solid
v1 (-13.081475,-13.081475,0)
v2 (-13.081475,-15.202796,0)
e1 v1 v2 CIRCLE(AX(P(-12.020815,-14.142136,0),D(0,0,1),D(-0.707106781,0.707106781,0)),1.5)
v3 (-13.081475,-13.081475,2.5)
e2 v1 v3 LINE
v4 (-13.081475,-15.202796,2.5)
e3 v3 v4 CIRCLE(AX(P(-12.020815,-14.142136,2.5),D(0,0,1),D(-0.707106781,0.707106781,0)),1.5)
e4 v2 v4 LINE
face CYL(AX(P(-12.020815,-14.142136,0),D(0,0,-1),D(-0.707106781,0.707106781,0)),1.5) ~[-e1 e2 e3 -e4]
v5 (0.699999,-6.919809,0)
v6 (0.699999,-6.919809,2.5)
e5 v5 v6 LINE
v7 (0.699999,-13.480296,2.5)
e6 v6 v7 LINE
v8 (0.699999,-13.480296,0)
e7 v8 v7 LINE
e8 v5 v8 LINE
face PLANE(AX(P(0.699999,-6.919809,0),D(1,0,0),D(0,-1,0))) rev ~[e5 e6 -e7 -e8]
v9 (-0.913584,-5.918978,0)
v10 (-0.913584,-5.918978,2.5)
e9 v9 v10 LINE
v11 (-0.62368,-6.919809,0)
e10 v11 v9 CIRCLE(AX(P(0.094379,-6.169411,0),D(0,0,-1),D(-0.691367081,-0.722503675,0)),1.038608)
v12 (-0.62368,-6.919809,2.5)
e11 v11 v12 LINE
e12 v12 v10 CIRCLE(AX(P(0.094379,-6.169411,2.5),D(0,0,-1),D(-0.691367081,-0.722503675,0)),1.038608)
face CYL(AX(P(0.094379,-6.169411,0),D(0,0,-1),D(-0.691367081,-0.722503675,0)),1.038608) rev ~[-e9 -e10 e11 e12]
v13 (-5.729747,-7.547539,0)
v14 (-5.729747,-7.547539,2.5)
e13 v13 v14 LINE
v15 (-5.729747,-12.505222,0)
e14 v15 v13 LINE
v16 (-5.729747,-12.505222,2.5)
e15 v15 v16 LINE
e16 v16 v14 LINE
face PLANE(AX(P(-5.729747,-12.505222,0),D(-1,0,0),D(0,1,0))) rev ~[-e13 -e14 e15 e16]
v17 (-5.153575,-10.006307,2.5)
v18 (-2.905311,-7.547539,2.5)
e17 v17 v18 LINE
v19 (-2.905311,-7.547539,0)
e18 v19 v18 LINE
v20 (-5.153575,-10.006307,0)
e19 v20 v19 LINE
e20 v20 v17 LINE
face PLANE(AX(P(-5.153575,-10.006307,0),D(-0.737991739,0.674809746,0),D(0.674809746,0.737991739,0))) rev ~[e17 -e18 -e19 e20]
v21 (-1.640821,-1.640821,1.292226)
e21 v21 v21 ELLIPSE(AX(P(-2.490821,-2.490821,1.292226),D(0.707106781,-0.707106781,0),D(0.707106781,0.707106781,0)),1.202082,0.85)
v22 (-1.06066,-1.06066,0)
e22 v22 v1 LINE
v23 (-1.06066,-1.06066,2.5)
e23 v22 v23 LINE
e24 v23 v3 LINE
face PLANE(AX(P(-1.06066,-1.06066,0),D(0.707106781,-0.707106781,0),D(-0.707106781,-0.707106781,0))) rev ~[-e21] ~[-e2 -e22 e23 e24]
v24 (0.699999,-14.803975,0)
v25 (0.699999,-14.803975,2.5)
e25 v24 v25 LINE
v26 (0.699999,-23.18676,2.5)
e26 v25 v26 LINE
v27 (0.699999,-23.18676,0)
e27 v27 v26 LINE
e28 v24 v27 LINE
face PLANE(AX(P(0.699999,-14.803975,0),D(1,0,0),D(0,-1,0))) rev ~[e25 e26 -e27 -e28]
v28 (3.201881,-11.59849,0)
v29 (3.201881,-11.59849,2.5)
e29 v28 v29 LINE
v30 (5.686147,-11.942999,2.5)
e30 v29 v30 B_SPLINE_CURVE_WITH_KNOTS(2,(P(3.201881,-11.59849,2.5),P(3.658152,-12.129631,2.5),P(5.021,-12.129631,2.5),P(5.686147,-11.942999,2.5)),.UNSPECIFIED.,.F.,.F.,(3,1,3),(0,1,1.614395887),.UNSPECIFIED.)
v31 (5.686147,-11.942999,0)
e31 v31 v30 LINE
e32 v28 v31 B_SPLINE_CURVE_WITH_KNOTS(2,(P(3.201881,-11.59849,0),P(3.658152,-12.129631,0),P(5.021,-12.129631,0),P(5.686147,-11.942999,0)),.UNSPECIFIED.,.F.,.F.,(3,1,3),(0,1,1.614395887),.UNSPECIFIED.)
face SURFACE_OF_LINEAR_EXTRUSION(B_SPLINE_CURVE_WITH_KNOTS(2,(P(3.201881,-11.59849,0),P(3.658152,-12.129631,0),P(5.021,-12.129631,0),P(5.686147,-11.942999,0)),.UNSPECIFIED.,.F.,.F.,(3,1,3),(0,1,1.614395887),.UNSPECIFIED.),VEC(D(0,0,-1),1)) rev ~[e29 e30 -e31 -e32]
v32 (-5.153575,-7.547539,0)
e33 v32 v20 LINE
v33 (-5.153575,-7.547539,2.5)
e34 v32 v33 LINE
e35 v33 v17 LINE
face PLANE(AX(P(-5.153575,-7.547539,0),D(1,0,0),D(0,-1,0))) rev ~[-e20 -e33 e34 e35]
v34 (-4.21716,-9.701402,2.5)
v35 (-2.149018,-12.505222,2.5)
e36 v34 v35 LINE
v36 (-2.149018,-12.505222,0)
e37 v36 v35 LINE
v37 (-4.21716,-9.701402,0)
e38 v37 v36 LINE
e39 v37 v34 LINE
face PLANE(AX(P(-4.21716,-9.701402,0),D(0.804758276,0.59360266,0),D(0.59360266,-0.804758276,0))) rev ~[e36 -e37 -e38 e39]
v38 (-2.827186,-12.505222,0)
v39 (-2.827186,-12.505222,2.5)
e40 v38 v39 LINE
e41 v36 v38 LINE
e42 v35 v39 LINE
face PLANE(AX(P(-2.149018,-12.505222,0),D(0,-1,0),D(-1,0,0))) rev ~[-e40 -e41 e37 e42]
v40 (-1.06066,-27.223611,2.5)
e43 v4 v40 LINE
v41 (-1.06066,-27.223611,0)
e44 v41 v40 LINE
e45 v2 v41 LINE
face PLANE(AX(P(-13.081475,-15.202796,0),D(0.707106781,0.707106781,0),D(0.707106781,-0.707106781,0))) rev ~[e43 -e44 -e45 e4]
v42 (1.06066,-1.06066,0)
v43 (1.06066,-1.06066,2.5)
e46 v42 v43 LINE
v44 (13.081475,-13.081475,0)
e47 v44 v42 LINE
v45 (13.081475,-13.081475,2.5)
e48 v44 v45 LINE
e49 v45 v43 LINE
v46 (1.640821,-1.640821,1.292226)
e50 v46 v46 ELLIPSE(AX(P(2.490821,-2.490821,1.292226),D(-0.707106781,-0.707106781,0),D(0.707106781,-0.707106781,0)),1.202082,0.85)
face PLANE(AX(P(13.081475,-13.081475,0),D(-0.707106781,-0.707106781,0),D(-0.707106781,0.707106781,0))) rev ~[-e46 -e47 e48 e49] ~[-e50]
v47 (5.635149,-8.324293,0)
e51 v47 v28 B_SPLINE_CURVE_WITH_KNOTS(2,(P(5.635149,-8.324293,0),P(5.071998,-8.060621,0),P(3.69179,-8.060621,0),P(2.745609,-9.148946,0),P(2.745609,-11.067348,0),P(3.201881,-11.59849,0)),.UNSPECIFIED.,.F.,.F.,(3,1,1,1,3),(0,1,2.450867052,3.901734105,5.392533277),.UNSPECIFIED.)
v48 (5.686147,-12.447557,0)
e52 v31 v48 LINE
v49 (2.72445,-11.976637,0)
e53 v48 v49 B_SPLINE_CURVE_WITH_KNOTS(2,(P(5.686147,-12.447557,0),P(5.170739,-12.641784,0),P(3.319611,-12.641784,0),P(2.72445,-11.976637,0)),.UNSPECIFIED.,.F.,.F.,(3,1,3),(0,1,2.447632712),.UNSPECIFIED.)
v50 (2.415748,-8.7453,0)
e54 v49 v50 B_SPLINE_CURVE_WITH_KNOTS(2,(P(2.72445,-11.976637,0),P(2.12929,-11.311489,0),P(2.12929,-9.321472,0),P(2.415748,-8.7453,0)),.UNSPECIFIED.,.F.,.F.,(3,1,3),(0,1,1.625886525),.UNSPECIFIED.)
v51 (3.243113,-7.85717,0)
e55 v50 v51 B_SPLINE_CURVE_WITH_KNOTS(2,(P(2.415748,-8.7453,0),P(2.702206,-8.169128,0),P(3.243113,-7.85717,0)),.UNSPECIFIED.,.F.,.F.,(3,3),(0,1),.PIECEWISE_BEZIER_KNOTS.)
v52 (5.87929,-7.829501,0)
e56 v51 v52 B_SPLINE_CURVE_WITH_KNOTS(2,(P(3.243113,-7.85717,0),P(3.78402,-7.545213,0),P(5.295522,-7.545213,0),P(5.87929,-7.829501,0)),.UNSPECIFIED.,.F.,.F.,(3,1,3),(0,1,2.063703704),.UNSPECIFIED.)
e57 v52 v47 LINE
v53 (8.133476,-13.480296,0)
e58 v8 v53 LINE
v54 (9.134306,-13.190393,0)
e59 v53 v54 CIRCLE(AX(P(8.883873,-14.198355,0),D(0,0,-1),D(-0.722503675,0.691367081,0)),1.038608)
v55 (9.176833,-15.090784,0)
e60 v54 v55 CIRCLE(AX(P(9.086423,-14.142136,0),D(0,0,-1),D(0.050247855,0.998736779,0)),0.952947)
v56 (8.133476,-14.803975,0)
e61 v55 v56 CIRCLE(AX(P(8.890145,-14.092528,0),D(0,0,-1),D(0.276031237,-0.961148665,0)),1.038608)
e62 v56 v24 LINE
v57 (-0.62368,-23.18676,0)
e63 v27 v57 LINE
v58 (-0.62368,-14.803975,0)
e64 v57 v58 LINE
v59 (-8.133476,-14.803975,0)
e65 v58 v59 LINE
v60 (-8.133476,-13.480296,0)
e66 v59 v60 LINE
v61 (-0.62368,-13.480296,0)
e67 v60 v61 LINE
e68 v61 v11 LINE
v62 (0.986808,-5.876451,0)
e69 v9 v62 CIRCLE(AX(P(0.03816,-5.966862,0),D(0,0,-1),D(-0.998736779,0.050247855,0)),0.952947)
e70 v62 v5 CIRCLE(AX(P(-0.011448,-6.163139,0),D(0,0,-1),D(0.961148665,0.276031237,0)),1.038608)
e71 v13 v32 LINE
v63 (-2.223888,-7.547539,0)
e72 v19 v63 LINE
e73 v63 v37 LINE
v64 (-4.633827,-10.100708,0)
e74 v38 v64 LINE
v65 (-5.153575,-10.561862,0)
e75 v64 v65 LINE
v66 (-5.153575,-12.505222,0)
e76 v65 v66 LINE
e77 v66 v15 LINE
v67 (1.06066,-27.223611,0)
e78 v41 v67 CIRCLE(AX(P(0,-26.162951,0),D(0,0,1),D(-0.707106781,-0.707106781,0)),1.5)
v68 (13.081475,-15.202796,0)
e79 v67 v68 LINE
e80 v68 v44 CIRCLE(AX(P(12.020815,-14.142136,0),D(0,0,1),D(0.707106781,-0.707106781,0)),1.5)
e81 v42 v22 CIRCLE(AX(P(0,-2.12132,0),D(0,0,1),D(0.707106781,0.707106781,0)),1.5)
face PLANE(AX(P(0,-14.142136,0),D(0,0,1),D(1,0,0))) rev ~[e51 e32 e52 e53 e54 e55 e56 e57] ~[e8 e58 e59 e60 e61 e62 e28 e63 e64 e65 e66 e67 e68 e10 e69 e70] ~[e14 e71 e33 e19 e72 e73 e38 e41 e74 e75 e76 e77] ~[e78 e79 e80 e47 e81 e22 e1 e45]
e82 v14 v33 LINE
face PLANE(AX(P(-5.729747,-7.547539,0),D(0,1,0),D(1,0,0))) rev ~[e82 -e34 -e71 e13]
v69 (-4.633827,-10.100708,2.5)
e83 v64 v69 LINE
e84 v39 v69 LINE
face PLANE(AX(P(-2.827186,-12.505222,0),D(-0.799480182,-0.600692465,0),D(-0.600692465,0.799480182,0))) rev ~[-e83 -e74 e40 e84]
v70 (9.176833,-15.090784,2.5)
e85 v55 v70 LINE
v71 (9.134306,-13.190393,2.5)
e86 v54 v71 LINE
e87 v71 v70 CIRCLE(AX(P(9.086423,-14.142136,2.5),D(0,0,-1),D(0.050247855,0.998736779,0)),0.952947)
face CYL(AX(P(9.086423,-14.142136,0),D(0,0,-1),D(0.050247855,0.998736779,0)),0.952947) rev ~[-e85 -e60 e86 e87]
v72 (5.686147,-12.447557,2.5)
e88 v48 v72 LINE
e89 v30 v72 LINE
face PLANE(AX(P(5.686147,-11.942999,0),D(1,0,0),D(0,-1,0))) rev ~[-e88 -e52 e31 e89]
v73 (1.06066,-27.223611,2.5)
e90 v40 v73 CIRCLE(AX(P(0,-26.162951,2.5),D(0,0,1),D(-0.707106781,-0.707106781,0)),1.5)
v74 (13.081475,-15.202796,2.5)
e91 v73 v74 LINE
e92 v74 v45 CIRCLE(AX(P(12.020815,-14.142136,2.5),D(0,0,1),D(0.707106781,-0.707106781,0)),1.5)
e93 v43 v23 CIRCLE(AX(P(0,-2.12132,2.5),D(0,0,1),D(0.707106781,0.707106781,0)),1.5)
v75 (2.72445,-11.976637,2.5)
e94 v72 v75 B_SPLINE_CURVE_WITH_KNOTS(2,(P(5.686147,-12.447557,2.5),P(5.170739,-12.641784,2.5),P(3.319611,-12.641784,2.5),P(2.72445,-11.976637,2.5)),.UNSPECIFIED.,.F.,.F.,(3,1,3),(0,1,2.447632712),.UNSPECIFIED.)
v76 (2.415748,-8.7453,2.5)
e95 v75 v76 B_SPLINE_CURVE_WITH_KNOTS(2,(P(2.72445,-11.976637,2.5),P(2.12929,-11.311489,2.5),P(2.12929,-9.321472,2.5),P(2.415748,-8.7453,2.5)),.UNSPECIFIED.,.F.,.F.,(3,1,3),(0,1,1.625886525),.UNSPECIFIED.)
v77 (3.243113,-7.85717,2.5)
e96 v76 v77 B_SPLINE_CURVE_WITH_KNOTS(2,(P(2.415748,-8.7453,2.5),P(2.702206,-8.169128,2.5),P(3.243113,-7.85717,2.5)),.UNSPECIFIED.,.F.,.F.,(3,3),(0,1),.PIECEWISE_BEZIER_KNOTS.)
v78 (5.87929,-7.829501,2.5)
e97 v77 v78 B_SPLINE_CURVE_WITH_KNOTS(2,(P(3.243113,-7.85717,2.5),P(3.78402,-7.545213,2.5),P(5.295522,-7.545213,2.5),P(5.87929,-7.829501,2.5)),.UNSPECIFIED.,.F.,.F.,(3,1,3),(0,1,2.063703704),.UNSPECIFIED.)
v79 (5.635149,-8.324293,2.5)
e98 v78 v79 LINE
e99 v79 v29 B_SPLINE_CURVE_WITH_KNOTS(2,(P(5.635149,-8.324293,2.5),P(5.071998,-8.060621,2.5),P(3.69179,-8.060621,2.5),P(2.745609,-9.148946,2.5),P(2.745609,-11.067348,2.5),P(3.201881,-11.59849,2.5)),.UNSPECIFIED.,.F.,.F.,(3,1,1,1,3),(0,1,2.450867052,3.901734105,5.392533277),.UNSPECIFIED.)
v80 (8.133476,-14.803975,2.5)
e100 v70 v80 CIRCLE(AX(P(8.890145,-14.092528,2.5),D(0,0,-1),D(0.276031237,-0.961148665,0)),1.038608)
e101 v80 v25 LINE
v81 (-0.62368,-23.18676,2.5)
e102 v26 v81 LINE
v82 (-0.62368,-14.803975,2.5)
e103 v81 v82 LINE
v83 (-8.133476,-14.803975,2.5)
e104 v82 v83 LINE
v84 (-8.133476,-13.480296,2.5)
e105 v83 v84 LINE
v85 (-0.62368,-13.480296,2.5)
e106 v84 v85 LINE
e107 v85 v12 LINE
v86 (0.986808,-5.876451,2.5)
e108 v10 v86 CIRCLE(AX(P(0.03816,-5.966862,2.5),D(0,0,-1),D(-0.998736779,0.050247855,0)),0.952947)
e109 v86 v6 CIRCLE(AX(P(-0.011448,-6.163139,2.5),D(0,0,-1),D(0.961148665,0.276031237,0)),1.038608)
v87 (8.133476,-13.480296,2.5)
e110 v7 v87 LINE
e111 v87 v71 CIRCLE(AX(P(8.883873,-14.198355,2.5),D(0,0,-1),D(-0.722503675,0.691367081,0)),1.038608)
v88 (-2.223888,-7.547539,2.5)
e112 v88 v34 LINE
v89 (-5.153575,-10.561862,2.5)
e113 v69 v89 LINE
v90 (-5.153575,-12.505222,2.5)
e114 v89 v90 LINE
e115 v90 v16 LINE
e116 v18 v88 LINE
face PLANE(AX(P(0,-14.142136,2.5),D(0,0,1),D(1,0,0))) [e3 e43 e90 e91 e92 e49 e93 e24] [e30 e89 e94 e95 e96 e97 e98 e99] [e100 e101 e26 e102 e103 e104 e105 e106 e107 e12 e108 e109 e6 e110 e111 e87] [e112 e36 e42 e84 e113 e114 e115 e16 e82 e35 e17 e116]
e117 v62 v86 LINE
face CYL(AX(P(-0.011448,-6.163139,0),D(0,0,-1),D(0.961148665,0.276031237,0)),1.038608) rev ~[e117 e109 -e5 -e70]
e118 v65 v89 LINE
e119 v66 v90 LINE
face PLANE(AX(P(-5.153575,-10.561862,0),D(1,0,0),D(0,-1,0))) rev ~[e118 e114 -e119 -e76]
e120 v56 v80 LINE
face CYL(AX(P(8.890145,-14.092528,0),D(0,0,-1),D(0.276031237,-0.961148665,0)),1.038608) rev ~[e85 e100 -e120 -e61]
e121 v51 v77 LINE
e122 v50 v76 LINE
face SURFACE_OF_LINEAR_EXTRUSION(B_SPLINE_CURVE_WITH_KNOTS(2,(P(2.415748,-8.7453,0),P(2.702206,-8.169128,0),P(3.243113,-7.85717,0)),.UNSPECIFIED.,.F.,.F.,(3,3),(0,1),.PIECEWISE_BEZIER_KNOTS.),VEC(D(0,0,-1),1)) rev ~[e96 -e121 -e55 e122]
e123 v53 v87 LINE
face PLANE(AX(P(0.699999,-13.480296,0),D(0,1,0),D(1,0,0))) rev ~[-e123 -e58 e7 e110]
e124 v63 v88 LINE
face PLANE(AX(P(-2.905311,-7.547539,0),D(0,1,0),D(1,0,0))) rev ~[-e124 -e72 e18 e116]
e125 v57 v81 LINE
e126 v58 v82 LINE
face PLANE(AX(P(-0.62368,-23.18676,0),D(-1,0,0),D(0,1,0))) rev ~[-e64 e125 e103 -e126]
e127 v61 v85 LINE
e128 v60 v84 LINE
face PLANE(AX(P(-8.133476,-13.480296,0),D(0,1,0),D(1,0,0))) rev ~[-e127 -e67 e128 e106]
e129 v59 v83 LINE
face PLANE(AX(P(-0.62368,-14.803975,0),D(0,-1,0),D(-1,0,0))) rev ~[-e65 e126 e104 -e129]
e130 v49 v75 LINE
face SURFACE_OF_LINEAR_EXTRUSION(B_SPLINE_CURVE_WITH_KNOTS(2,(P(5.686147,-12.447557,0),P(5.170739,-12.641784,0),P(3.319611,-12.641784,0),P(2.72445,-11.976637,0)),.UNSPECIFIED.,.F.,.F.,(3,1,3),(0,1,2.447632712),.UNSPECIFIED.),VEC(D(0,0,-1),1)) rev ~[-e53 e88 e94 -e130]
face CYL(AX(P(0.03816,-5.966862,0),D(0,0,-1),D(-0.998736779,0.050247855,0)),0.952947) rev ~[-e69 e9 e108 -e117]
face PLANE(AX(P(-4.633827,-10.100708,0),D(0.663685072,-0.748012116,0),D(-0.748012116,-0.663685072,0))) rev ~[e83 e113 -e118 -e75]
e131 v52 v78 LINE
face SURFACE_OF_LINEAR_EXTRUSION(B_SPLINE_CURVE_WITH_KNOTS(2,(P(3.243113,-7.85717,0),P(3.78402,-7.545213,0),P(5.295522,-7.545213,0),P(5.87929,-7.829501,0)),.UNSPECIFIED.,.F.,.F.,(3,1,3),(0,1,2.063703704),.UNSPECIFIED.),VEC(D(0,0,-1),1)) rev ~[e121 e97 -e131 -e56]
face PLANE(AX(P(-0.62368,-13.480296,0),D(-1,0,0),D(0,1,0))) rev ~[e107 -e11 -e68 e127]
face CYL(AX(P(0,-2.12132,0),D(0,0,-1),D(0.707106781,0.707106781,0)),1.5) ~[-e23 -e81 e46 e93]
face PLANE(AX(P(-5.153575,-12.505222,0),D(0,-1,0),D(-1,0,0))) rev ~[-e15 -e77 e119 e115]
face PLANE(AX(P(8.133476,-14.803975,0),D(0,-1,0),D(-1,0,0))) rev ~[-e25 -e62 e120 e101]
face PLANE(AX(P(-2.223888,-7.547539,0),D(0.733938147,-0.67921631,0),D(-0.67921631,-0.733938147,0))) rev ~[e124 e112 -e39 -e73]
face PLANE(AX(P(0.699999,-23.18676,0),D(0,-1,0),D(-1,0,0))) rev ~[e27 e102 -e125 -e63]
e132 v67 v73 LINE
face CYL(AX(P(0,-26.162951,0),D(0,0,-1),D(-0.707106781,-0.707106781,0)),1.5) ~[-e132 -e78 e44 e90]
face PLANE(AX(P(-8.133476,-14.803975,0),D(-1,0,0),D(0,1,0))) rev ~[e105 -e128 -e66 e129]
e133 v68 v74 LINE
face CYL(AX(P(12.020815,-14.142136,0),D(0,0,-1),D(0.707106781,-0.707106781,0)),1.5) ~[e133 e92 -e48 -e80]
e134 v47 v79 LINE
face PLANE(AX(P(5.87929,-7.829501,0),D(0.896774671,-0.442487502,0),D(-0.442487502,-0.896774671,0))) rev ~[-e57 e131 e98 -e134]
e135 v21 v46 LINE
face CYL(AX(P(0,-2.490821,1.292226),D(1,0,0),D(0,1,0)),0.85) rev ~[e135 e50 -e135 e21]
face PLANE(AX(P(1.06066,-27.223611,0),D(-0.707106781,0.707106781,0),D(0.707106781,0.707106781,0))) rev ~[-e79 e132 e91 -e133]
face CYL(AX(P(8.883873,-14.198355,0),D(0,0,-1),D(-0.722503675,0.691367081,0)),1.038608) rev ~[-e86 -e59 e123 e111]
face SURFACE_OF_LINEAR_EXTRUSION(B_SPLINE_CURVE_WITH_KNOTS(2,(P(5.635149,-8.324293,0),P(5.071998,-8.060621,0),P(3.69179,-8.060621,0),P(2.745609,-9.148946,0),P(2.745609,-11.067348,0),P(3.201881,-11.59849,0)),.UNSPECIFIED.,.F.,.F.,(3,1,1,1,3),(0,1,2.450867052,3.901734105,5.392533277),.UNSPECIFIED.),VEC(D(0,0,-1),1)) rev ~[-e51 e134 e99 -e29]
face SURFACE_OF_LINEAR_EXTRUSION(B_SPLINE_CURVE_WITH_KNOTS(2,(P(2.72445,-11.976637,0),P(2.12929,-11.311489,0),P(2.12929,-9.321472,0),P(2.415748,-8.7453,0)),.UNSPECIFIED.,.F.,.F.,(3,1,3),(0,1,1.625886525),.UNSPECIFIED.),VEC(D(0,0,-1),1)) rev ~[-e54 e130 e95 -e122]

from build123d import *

# Parameters (mm, degrees)
F1_DEPTH = 2.5
F2_R     = 0.85
F3_DEPTH = 12.5


with BuildPart() as f1:
    # F0 (on Top) → F1 (new body)
    with BuildSketch(Plane.XY):
        with BuildLine():
            Line((13.081475452, -13.081475452), (1.0606601718, -1.0606601718))
            ThreePointArc((1.0606601718, -1.0606601718), (0, -0.6213203436), (-1.0606601718, -1.0606601718))
            Line((-1.0606601718, -1.0606601718), (-13.081475452, -13.081475452))
            ThreePointArc((-13.081475452, -13.081475452), (-13.5208152802, -14.1421356237), (-13.081475452, -15.2027957955))
            Line((-13.081475452, -15.2027957955), (-1.0606601718, -27.2236110757))
            ThreePointArc((-1.0606601718, -27.2236110757), (0, -27.6629509039), (1.0606601718, -27.2236110757))
            Line((1.0606601718, -27.2236110757), (13.081475452, -15.2027957955))
            ThreePointArc((13.081475452, -15.2027957955), (13.5208152802, -14.1421356237), (13.081475452, -13.081475452))
        make_face()
        Polygon((-4.2171601703, -9.7014023136), (-2.1490178092, -12.505221758), (-2.8271862119, -12.505221758), (-4.6338268369, -10.1007078691), (-5.1535751008, -10.561862383), (-5.1535751008, -12.505221758), (-5.7297469758, -12.505221758), (-5.7297469758, -7.5475394664), (-5.1535751008, -7.5475394664), (-5.1535751008, -10.0063068275), (-2.9053112119, -7.5475394664), (-2.2238876008, -7.5475394664), align=None, mode=Mode.SUBTRACT)
        with BuildLine():
            Line((-8.1334756687, -14.8039748892), (-8.1334756687, -13.4802963582))
            Line((-8.1334756687, -13.4802963582), (-0.6236797201, -13.4802963582))
            Line((-0.6236797201, -13.4802963582), (-0.6236797201, -6.9198086858))
            ThreePointArc((-0.6236797201, -6.9198086858), (-0.9032194318, -6.4583786209), (-0.9135835525, -5.9189782686))
            ThreePointArc((-0.9135835525, -5.9189782686), (0.0168397474, -5.0141534426), (0.9868078824, -5.876451129))
            ThreePointArc((0.9868078824, -5.876451129), (0.9900106564, -6.4384308628), (0.6999988109, -6.9198086858))
            Line((0.6999988109, -6.9198086858), (0.6999988109, -13.4802963582))
            Line((0.6999988109, -13.4802963582), (8.1334756687, -13.4802963582))
            ThreePointArc((8.1334756687, -13.4802963582), (8.5949057336, -13.2007566465), (9.134306086, -13.1903925258))
            ThreePointArc((9.134306086, -13.1903925258), (10.0391309119, -14.1208158258), (9.1768332255, -15.0907839607))
            ThreePointArc((9.1768332255, -15.0907839607), (8.6148534917, -15.0939867347), (8.1334756687, -14.8039748892))
            Line((8.1334756687, -14.8039748892), (0.6999988109, -14.8039748892))
            Line((0.6999988109, -14.8039748892), (0.6999988109, -23.1867600232))
            Line((0.6999988109, -23.1867600232), (-0.6236797201, -23.1867600232))
            Line((-0.6236797201, -23.1867600232), (-0.6236797201, -14.8039748892))
            Line((-0.6236797201, -14.8039748892), (-8.1334756687, -14.8039748892))
        make_face(mode=Mode.SUBTRACT)
        with BuildLine():
            add(Edge.make_bspline(
                [(5.635148946, -8.324292894), (5.0719979043, -8.060621019), (4.5088468627, -8.060621019)],
                knots=[0, 0, 0, 1, 1, 1], degree=2))
            add(Edge.make_bspline(
                [(4.5088468627, -8.060621019), (3.691789571, -8.060621019), (3.2186992932, -8.6047833454)],
                knots=[0, 0, 0, 1, 1, 1], degree=2))
            add(Edge.make_bspline(
                [(3.2186992932, -8.6047833454), (2.7456090154, -9.1489456718), (2.7456090154, -10.0951262274)],
                knots=[0, 0, 0, 1, 1, 1], degree=2))
            add(Edge.make_bspline(
                [(2.7456090154, -10.0951262274), (2.7456090154, -11.0673484496), (3.2018807168, -11.5984899426)],
                knots=[0, 0, 0, 1, 1, 1], degree=2))
            add(Edge.make_bspline(
                [(3.2018807168, -11.5984899426), (3.6581524182, -12.1296314357), (4.502336446, -12.1296314357)],
                knots=[0, 0, 0, 1, 1, 1], degree=2))
            add(Edge.make_bspline(
                [(4.502336446, -12.1296314357), (5.0209996404, -12.1296314357), (5.6861472099, -11.9429994913)],
                knots=[0, 0, 0, 1, 1, 1], degree=2))
            Line((5.6861472099, -11.9429994913), (5.6861472099, -12.4475567829))
            add(Edge.make_bspline(
                [(5.6861472099, -12.4475567829), (5.1707392238, -12.6417842135), (4.414445821, -12.6417842135)],
                knots=[0, 0, 0, 1, 1, 1], degree=2))
            add(Edge.make_bspline(
                [(4.414445821, -12.6417842135), (3.3196107515, -12.6417842135), (2.7244501613, -11.976636644)],
                knots=[0, 0, 0, 1, 1, 1], degree=2))
            add(Edge.make_bspline(
                [(2.7244501613, -11.976636644), (2.129289571, -11.3114890746), (2.129289571, -10.0875307413)],
                knots=[0, 0, 0, 1, 1, 1], degree=2))
            add(Edge.make_bspline(
                [(2.129289571, -10.0875307413), (2.129289571, -9.3214717135), (2.4157479043, -8.7452998385)],
                knots=[0, 0, 0, 1, 1, 1], degree=2))
            add(Edge.make_bspline(
                [(2.4157479043, -8.7452998385), (2.7022062377, -8.1691279635), (3.2431133557, -7.8571704982)],
                knots=[0, 0, 0, 1, 1, 1], degree=2))
            add(Edge.make_bspline(
                [(3.2431133557, -7.8571704982), (3.7840204738, -7.5452130329), (4.5164423488, -7.5452130329)],
                knots=[0, 0, 0, 1, 1, 1], degree=2))
            add(Edge.make_bspline(
                [(4.5164423488, -7.5452130329), (5.2955222099, -7.5452130329), (5.879289571, -7.8295012274)],
                knots=[0, 0, 0, 1, 1, 1], degree=2))
            Line((5.879289571, -7.8295012274), (5.635148946, -8.324292894))
        make_face(mode=Mode.SUBTRACT)
    extrude(amount=F1_DEPTH)

    # F2 (on Right) → F3 (cut, symmetric)
    with BuildSketch(Plane.YZ):
        with Locations((-2.4908210296, 1.292226194)):
            Circle(F2_R)
    extrude(amount=F3_DEPTH, both=True, mode=Mode.SUBTRACT)


solid = f1.part
